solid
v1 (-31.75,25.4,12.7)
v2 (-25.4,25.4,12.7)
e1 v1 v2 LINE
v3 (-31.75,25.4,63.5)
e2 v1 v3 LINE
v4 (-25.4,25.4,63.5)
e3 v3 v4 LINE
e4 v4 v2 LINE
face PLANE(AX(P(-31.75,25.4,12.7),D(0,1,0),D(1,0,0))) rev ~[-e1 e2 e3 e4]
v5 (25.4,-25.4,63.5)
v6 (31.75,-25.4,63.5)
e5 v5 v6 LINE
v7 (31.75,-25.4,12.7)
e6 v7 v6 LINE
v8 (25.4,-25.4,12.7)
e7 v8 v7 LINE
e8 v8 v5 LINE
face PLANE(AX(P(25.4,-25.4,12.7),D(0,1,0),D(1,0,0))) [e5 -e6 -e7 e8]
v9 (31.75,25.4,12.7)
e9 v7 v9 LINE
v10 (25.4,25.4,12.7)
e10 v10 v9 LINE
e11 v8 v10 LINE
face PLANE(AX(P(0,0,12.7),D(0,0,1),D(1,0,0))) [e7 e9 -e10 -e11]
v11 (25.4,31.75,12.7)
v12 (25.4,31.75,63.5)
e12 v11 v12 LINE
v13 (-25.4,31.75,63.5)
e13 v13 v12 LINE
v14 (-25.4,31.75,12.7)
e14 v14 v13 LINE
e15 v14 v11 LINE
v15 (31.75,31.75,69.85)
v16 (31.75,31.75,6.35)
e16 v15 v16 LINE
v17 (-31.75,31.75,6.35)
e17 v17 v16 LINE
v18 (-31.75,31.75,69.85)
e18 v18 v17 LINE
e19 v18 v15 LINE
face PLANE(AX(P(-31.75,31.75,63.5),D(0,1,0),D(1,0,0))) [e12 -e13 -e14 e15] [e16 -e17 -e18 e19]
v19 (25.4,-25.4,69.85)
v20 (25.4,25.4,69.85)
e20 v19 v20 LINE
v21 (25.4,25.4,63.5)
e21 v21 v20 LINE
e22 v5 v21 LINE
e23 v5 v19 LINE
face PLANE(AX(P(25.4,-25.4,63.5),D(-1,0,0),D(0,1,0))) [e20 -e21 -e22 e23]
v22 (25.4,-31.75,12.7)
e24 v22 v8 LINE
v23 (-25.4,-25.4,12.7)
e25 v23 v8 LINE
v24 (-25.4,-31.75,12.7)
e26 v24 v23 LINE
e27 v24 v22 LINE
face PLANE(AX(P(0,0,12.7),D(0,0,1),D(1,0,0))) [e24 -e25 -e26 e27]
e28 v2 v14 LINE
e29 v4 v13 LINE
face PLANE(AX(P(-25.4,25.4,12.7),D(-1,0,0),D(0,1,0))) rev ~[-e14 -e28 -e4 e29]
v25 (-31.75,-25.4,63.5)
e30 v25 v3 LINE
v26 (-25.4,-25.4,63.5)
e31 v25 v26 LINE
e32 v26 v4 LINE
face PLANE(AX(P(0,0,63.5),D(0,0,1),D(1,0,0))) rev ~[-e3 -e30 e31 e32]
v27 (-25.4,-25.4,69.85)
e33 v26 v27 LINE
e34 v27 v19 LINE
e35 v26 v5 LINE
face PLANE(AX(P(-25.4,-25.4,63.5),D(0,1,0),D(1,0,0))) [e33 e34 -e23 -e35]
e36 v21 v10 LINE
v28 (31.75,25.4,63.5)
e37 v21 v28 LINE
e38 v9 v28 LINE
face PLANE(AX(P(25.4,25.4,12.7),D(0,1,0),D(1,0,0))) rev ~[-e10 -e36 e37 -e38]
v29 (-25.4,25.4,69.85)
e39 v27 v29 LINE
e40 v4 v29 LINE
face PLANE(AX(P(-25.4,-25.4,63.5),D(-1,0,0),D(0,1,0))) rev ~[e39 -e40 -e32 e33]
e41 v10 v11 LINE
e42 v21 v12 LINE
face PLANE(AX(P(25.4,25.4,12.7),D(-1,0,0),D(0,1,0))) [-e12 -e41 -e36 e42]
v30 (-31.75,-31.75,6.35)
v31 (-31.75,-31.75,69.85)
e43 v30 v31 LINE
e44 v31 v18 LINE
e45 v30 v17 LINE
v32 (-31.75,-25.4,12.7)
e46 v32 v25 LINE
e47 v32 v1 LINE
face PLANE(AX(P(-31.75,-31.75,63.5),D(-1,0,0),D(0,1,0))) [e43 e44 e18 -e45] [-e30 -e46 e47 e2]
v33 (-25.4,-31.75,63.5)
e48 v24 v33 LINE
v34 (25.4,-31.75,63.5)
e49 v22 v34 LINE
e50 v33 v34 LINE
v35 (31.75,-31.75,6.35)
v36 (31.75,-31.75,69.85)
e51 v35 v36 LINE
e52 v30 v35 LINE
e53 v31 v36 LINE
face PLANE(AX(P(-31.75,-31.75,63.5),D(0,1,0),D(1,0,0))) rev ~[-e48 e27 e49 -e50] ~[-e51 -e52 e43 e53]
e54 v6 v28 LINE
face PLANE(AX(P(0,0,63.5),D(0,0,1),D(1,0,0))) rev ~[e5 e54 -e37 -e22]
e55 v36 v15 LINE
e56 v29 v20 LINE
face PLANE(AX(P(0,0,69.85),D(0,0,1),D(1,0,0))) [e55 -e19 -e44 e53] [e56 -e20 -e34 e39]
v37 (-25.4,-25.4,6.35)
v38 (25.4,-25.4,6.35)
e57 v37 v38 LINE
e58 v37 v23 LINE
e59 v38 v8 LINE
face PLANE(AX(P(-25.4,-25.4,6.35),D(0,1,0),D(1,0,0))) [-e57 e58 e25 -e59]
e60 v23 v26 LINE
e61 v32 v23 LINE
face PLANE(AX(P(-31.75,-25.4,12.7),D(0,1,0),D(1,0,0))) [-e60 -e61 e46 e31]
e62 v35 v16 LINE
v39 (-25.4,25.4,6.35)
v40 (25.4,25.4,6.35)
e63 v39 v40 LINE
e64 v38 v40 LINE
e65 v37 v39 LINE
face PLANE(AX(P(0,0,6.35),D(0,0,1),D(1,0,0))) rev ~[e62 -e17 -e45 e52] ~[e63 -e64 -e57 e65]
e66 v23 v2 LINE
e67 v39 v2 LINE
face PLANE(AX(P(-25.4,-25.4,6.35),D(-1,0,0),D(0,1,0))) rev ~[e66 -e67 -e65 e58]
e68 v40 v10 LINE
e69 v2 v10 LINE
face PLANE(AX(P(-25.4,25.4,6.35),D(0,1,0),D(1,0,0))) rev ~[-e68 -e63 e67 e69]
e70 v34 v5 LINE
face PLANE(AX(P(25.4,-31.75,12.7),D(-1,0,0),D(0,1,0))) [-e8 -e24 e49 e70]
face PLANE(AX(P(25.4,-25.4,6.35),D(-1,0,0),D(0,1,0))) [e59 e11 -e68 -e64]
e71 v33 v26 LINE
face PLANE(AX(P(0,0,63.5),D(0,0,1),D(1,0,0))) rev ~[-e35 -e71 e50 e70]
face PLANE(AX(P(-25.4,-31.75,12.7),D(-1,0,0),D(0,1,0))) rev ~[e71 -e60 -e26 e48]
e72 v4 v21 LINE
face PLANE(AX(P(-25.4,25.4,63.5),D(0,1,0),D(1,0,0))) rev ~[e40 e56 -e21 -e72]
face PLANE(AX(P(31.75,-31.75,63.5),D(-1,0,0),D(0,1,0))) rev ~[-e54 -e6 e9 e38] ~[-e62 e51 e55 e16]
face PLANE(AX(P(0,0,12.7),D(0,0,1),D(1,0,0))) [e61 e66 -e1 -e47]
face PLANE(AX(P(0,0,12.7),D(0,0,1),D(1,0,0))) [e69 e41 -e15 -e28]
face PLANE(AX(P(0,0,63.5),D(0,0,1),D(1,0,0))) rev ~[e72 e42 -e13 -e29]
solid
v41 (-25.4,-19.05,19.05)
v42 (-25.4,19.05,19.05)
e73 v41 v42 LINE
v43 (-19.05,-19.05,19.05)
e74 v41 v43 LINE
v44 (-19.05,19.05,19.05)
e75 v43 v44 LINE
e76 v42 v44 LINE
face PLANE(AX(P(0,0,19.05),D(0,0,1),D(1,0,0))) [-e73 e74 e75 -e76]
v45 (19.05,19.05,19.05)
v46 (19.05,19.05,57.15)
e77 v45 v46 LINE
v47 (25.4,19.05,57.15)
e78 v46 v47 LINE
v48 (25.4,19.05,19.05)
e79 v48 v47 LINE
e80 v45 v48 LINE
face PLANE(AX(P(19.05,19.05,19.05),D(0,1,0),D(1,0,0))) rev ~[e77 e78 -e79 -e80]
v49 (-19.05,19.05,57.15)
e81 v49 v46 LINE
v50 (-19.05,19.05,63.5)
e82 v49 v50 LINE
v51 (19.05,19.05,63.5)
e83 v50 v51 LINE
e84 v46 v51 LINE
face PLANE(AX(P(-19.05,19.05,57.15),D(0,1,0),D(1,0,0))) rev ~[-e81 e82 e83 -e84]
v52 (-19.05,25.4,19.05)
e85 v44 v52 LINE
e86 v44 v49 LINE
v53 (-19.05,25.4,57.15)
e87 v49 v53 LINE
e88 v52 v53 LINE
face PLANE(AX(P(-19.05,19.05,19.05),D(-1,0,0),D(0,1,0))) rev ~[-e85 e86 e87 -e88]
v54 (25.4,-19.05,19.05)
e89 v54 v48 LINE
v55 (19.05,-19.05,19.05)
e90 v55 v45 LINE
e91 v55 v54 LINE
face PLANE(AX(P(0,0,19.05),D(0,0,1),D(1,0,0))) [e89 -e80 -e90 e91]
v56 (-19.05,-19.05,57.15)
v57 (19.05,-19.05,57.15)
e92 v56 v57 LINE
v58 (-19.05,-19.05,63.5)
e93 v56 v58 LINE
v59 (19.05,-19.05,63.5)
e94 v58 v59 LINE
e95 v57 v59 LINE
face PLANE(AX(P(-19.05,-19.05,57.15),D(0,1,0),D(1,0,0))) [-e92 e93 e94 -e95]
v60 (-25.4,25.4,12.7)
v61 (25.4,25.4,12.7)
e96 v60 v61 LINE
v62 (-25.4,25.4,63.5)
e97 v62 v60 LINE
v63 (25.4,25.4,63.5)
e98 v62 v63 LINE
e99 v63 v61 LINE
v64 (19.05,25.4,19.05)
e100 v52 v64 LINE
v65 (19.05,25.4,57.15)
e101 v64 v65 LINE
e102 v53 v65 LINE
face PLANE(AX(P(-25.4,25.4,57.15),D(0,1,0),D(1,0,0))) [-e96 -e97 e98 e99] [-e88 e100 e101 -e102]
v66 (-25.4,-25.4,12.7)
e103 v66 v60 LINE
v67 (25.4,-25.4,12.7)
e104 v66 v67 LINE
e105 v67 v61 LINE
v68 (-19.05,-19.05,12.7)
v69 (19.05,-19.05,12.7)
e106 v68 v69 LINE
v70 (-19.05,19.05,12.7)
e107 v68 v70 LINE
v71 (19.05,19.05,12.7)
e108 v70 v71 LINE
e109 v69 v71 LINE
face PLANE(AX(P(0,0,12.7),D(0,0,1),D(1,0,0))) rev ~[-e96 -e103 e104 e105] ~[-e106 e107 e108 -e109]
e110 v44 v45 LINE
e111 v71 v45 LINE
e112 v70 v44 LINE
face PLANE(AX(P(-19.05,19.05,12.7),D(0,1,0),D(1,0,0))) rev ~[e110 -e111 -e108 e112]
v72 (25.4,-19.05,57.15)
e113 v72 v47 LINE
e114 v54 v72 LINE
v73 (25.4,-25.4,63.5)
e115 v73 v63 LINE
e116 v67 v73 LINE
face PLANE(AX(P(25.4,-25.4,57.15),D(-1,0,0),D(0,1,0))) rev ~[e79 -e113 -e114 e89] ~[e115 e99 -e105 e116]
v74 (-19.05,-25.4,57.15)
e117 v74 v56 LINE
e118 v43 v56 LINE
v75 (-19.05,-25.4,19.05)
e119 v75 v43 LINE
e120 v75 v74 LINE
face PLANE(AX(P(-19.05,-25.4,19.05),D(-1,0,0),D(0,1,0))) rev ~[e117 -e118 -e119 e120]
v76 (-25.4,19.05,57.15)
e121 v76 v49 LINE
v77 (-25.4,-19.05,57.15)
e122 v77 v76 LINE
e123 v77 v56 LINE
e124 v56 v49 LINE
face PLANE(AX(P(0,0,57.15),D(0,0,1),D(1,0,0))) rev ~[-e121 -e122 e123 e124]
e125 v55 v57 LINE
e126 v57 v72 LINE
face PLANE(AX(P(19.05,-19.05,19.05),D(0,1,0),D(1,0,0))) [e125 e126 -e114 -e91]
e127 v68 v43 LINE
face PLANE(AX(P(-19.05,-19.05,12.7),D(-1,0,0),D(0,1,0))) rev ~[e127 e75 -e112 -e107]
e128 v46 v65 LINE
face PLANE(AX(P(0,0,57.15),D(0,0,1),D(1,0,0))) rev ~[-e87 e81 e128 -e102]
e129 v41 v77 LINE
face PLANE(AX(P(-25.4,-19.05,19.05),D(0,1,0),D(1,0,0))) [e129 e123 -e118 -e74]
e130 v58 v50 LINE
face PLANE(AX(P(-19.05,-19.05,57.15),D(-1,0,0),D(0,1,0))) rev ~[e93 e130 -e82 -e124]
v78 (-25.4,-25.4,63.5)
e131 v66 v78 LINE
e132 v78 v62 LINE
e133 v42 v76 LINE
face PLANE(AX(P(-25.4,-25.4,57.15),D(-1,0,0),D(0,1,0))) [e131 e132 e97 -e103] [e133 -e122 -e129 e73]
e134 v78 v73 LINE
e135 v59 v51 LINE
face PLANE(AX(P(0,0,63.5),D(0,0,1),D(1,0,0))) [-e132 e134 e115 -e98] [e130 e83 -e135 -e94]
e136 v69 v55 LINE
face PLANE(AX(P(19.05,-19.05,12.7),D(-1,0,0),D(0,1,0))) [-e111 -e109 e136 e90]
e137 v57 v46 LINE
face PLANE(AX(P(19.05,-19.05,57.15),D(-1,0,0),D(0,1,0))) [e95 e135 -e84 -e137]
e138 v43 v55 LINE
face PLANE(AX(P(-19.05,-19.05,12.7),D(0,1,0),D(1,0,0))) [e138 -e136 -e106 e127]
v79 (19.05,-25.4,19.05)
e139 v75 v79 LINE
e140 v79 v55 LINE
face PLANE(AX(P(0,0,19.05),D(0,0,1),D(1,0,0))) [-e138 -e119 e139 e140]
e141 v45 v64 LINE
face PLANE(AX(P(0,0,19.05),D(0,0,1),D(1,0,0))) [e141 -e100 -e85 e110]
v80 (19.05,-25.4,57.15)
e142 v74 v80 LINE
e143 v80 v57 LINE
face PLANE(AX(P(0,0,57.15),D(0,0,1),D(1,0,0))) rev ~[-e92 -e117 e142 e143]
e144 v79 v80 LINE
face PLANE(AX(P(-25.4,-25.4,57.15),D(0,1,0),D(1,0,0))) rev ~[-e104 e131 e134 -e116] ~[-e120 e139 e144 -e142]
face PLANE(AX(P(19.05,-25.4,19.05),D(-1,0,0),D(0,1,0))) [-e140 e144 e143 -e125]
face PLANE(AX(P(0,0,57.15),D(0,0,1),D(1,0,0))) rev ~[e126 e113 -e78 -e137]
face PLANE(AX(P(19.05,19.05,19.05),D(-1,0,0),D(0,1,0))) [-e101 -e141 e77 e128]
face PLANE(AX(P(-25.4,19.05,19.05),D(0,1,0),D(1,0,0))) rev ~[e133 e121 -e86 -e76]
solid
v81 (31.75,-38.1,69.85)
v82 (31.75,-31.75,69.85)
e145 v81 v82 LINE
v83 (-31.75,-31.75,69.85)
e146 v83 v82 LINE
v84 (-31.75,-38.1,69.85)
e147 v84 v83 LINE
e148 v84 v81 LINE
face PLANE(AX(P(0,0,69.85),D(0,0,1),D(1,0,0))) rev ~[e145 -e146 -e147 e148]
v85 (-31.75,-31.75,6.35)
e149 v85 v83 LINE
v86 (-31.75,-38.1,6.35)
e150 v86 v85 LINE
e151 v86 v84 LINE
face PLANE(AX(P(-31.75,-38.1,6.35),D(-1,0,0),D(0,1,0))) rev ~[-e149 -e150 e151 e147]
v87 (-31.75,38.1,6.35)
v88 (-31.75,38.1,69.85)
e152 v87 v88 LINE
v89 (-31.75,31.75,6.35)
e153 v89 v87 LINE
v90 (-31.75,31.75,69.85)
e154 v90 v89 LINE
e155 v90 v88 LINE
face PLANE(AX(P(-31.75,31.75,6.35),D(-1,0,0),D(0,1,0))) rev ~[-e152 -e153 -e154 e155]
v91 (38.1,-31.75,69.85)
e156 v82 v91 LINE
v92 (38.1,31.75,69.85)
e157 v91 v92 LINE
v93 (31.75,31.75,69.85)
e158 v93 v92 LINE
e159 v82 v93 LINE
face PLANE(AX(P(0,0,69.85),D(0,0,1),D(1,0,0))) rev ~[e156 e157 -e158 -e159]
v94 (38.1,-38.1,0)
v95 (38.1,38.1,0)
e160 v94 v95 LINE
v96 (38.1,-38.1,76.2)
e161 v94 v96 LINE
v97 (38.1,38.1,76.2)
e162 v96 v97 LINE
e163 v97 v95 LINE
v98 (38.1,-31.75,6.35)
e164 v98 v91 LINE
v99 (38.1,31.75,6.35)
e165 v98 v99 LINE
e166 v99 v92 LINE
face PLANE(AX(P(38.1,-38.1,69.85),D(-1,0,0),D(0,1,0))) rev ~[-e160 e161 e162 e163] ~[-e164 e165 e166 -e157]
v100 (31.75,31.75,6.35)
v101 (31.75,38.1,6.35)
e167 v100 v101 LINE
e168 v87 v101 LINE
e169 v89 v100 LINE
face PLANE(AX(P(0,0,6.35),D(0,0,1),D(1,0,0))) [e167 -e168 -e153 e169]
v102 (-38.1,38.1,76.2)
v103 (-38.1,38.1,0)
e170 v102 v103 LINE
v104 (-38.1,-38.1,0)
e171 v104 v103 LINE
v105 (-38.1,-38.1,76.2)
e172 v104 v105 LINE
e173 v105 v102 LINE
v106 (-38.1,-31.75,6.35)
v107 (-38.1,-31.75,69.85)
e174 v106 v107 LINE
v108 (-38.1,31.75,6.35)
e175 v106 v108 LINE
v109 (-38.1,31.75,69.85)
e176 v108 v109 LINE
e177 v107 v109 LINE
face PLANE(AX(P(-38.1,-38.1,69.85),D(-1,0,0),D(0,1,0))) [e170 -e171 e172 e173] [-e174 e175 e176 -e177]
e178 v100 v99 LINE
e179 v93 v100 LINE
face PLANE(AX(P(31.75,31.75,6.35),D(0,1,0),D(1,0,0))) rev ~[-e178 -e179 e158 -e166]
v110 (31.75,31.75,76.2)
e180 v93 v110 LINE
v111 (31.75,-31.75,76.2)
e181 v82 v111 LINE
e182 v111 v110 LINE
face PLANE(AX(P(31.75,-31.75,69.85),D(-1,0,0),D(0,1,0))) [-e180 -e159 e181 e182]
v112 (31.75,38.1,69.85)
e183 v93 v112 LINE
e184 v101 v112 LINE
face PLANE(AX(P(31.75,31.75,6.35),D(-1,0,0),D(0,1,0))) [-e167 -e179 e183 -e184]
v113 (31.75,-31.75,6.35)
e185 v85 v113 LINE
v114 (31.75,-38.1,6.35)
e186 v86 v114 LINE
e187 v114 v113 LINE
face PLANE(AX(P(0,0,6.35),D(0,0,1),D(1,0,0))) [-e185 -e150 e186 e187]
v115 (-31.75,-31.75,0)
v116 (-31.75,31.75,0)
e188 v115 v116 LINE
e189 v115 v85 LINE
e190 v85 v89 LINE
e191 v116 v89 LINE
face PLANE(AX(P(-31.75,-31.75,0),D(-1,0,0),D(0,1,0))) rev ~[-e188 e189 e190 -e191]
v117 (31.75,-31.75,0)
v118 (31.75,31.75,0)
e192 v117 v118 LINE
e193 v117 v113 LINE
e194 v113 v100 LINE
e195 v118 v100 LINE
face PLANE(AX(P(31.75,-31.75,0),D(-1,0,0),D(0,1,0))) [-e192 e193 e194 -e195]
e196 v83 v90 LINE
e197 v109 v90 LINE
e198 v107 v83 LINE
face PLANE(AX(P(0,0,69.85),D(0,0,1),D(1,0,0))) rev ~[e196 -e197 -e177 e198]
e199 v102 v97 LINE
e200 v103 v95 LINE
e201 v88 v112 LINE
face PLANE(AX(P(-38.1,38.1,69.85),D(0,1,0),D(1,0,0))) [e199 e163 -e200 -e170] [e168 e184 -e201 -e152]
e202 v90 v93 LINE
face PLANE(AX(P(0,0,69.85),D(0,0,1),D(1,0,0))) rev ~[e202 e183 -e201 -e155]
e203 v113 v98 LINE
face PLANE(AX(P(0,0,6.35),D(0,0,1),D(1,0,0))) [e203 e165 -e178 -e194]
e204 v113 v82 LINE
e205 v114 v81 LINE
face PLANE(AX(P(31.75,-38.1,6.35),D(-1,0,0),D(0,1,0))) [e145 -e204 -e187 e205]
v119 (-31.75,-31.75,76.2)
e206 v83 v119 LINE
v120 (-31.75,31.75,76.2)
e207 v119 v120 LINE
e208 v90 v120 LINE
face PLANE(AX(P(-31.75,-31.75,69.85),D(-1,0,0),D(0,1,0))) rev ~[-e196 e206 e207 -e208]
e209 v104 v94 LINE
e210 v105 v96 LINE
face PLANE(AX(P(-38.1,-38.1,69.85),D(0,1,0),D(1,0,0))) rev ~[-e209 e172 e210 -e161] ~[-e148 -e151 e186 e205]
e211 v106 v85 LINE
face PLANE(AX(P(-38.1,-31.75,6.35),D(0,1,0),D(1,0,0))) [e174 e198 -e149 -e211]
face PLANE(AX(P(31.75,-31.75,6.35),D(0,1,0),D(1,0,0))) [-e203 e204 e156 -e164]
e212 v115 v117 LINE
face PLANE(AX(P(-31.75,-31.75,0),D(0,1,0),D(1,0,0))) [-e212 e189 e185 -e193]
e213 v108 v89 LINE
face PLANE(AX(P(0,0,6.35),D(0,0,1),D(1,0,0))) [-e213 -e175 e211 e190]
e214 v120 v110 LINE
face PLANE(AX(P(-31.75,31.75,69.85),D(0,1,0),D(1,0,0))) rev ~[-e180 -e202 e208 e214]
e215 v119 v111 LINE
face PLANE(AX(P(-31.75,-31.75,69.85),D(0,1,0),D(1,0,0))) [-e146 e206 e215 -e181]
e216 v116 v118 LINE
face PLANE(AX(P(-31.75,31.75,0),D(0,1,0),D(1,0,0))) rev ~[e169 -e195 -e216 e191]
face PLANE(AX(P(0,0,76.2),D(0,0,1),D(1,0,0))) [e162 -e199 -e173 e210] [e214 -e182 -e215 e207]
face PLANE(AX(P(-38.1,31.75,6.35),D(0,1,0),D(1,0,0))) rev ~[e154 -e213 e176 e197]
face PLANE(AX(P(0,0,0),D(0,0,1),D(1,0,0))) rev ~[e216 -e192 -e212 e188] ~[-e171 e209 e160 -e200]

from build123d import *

# Parameters (mm, degrees)
F0_W      = 76.2
F0_H      = 76.2
F0_W_2    = 63.5
F0_H_2    = 63.5
F1_DEPTH  = 6.35
F2_W      = 6.35
F2_H      = 6.35
F3_DEPTH  = 63.5
F4_W      = 76.2
F4_H      = 76.2
F4_W_2    = 63.5
F4_H_2    = 63.5
F5_DEPTH  = 6.35
F6_W      = 63.5
F6_H      = 63.5
F6_W_2    = 50.8
F6_H_2    = 50.8
F7_DEPTH  = 6.35
F8_W      = 6.35
F8_H      = 6.35
F9_DEPTH  = 50.8
F10_W     = 63.5
F10_H     = 63.5
F10_W_2   = 50.8
F10_H_2   = 50.8
F11_DEPTH = 6.35
F12_W     = 50.8
F12_H     = 50.8
F12_W_2   = 38.1
F12_H_2   = 38.1
F13_DEPTH = 6.35
F14_W     = 6.35
F14_H     = 6.35
F15_DEPTH = 38.1
F16_W     = 50.8
F16_H     = 50.8
F16_W_2   = 38.1
F16_H_2   = 38.1
F17_DEPTH = 6.35


with BuildPart() as f1:
    # F0 (on Top) → F1 (new body)
    with BuildSketch(Plane.XY):
        Rectangle(F0_W, F0_H)
        Rectangle(F0_W_2, F0_H_2, mode=Mode.SUBTRACT)
    extrude(amount=F1_DEPTH)

    # F2 (on face) → F3 (join)
    with BuildSketch(Plane.XY.offset(6.35)):
        with Locations((34.925, 34.925)):
            Rectangle(F2_W, F2_H)
        with Locations((-34.925, 34.925)):
            Rectangle(F2_W, F2_H)
        with Locations((34.925, -34.925)):
            Rectangle(F2_W, F2_H)
        with Locations((-34.925, -34.925)):
            Rectangle(F2_W, F2_H)
    extrude(amount=F3_DEPTH)

    # F4 (on face) → F5 (join)
    with BuildSketch(Plane.XY.offset(69.85)):
        Rectangle(F4_W, F4_H)
        Rectangle(F4_W_2, F4_H_2, mode=Mode.SUBTRACT)
    extrude(amount=F5_DEPTH)



with BuildPart() as f7:
    # F6 (on face) → F7 (new body)
    with BuildSketch(Plane.XY.offset(6.35)):
        Rectangle(F6_W, F6_H)
        Rectangle(F6_W_2, F6_H_2, mode=Mode.SUBTRACT)
    extrude(amount=F7_DEPTH)


with BuildPart() as f1_1:
    add(f1.part)

    add(f7.part)  # F9 merges F7
    # F8 (on face) → F9 (join)
    with BuildSketch(Plane.XY.offset(12.7)):
        with Locations((-28.575, 28.575)):
            Rectangle(F8_W, F8_H)
        with Locations((28.575, 28.575)):
            Rectangle(F8_W, F8_H)
        with Locations((28.575, -28.575)):
            Rectangle(F8_W, F8_H)
        with Locations((-28.575, -28.575)):
            Rectangle(F8_W, F8_H)
    extrude(amount=F9_DEPTH)

    # F10 (on face) → F11 (join)
    with BuildSketch(Plane.XY.offset(63.5)):
        Rectangle(F10_W, F10_H)
        Rectangle(F10_W_2, F10_H_2, mode=Mode.SUBTRACT)
    extrude(amount=F11_DEPTH)



with BuildPart() as f13:
    # F12 (on face) → F13 (new body)
    with BuildSketch(Plane.XY.offset(12.7)):
        Rectangle(F12_W, F12_H)
        Rectangle(F12_W_2, F12_H_2, mode=Mode.SUBTRACT)
    extrude(amount=F13_DEPTH)


with BuildPart() as f1_2:
    add(f1_1.part)

    add(f13.part)  # F15 merges F13
    # F14 (on face) → F15 (join)
    with BuildSketch(Plane.XY.offset(19.05)):
        with Locations((-22.225, 22.225)):
            Rectangle(F14_W, F14_H)
        with Locations((22.225, 22.225)):
            Rectangle(F14_W, F14_H)
        with Locations((22.225, -22.225)):
            Rectangle(F14_W, F14_H)
        with Locations((-22.225, -22.225)):
            Rectangle(F14_W, F14_H)
    extrude(amount=F15_DEPTH)

    # F16 (on face) → F17 (join)
    with BuildSketch(Plane.XY.offset(57.15)):
        Rectangle(F16_W, F16_H)
        Rectangle(F16_W_2, F16_H_2, mode=Mode.SUBTRACT)
    extrude(amount=F17_DEPTH)


solid = f1_2.part
